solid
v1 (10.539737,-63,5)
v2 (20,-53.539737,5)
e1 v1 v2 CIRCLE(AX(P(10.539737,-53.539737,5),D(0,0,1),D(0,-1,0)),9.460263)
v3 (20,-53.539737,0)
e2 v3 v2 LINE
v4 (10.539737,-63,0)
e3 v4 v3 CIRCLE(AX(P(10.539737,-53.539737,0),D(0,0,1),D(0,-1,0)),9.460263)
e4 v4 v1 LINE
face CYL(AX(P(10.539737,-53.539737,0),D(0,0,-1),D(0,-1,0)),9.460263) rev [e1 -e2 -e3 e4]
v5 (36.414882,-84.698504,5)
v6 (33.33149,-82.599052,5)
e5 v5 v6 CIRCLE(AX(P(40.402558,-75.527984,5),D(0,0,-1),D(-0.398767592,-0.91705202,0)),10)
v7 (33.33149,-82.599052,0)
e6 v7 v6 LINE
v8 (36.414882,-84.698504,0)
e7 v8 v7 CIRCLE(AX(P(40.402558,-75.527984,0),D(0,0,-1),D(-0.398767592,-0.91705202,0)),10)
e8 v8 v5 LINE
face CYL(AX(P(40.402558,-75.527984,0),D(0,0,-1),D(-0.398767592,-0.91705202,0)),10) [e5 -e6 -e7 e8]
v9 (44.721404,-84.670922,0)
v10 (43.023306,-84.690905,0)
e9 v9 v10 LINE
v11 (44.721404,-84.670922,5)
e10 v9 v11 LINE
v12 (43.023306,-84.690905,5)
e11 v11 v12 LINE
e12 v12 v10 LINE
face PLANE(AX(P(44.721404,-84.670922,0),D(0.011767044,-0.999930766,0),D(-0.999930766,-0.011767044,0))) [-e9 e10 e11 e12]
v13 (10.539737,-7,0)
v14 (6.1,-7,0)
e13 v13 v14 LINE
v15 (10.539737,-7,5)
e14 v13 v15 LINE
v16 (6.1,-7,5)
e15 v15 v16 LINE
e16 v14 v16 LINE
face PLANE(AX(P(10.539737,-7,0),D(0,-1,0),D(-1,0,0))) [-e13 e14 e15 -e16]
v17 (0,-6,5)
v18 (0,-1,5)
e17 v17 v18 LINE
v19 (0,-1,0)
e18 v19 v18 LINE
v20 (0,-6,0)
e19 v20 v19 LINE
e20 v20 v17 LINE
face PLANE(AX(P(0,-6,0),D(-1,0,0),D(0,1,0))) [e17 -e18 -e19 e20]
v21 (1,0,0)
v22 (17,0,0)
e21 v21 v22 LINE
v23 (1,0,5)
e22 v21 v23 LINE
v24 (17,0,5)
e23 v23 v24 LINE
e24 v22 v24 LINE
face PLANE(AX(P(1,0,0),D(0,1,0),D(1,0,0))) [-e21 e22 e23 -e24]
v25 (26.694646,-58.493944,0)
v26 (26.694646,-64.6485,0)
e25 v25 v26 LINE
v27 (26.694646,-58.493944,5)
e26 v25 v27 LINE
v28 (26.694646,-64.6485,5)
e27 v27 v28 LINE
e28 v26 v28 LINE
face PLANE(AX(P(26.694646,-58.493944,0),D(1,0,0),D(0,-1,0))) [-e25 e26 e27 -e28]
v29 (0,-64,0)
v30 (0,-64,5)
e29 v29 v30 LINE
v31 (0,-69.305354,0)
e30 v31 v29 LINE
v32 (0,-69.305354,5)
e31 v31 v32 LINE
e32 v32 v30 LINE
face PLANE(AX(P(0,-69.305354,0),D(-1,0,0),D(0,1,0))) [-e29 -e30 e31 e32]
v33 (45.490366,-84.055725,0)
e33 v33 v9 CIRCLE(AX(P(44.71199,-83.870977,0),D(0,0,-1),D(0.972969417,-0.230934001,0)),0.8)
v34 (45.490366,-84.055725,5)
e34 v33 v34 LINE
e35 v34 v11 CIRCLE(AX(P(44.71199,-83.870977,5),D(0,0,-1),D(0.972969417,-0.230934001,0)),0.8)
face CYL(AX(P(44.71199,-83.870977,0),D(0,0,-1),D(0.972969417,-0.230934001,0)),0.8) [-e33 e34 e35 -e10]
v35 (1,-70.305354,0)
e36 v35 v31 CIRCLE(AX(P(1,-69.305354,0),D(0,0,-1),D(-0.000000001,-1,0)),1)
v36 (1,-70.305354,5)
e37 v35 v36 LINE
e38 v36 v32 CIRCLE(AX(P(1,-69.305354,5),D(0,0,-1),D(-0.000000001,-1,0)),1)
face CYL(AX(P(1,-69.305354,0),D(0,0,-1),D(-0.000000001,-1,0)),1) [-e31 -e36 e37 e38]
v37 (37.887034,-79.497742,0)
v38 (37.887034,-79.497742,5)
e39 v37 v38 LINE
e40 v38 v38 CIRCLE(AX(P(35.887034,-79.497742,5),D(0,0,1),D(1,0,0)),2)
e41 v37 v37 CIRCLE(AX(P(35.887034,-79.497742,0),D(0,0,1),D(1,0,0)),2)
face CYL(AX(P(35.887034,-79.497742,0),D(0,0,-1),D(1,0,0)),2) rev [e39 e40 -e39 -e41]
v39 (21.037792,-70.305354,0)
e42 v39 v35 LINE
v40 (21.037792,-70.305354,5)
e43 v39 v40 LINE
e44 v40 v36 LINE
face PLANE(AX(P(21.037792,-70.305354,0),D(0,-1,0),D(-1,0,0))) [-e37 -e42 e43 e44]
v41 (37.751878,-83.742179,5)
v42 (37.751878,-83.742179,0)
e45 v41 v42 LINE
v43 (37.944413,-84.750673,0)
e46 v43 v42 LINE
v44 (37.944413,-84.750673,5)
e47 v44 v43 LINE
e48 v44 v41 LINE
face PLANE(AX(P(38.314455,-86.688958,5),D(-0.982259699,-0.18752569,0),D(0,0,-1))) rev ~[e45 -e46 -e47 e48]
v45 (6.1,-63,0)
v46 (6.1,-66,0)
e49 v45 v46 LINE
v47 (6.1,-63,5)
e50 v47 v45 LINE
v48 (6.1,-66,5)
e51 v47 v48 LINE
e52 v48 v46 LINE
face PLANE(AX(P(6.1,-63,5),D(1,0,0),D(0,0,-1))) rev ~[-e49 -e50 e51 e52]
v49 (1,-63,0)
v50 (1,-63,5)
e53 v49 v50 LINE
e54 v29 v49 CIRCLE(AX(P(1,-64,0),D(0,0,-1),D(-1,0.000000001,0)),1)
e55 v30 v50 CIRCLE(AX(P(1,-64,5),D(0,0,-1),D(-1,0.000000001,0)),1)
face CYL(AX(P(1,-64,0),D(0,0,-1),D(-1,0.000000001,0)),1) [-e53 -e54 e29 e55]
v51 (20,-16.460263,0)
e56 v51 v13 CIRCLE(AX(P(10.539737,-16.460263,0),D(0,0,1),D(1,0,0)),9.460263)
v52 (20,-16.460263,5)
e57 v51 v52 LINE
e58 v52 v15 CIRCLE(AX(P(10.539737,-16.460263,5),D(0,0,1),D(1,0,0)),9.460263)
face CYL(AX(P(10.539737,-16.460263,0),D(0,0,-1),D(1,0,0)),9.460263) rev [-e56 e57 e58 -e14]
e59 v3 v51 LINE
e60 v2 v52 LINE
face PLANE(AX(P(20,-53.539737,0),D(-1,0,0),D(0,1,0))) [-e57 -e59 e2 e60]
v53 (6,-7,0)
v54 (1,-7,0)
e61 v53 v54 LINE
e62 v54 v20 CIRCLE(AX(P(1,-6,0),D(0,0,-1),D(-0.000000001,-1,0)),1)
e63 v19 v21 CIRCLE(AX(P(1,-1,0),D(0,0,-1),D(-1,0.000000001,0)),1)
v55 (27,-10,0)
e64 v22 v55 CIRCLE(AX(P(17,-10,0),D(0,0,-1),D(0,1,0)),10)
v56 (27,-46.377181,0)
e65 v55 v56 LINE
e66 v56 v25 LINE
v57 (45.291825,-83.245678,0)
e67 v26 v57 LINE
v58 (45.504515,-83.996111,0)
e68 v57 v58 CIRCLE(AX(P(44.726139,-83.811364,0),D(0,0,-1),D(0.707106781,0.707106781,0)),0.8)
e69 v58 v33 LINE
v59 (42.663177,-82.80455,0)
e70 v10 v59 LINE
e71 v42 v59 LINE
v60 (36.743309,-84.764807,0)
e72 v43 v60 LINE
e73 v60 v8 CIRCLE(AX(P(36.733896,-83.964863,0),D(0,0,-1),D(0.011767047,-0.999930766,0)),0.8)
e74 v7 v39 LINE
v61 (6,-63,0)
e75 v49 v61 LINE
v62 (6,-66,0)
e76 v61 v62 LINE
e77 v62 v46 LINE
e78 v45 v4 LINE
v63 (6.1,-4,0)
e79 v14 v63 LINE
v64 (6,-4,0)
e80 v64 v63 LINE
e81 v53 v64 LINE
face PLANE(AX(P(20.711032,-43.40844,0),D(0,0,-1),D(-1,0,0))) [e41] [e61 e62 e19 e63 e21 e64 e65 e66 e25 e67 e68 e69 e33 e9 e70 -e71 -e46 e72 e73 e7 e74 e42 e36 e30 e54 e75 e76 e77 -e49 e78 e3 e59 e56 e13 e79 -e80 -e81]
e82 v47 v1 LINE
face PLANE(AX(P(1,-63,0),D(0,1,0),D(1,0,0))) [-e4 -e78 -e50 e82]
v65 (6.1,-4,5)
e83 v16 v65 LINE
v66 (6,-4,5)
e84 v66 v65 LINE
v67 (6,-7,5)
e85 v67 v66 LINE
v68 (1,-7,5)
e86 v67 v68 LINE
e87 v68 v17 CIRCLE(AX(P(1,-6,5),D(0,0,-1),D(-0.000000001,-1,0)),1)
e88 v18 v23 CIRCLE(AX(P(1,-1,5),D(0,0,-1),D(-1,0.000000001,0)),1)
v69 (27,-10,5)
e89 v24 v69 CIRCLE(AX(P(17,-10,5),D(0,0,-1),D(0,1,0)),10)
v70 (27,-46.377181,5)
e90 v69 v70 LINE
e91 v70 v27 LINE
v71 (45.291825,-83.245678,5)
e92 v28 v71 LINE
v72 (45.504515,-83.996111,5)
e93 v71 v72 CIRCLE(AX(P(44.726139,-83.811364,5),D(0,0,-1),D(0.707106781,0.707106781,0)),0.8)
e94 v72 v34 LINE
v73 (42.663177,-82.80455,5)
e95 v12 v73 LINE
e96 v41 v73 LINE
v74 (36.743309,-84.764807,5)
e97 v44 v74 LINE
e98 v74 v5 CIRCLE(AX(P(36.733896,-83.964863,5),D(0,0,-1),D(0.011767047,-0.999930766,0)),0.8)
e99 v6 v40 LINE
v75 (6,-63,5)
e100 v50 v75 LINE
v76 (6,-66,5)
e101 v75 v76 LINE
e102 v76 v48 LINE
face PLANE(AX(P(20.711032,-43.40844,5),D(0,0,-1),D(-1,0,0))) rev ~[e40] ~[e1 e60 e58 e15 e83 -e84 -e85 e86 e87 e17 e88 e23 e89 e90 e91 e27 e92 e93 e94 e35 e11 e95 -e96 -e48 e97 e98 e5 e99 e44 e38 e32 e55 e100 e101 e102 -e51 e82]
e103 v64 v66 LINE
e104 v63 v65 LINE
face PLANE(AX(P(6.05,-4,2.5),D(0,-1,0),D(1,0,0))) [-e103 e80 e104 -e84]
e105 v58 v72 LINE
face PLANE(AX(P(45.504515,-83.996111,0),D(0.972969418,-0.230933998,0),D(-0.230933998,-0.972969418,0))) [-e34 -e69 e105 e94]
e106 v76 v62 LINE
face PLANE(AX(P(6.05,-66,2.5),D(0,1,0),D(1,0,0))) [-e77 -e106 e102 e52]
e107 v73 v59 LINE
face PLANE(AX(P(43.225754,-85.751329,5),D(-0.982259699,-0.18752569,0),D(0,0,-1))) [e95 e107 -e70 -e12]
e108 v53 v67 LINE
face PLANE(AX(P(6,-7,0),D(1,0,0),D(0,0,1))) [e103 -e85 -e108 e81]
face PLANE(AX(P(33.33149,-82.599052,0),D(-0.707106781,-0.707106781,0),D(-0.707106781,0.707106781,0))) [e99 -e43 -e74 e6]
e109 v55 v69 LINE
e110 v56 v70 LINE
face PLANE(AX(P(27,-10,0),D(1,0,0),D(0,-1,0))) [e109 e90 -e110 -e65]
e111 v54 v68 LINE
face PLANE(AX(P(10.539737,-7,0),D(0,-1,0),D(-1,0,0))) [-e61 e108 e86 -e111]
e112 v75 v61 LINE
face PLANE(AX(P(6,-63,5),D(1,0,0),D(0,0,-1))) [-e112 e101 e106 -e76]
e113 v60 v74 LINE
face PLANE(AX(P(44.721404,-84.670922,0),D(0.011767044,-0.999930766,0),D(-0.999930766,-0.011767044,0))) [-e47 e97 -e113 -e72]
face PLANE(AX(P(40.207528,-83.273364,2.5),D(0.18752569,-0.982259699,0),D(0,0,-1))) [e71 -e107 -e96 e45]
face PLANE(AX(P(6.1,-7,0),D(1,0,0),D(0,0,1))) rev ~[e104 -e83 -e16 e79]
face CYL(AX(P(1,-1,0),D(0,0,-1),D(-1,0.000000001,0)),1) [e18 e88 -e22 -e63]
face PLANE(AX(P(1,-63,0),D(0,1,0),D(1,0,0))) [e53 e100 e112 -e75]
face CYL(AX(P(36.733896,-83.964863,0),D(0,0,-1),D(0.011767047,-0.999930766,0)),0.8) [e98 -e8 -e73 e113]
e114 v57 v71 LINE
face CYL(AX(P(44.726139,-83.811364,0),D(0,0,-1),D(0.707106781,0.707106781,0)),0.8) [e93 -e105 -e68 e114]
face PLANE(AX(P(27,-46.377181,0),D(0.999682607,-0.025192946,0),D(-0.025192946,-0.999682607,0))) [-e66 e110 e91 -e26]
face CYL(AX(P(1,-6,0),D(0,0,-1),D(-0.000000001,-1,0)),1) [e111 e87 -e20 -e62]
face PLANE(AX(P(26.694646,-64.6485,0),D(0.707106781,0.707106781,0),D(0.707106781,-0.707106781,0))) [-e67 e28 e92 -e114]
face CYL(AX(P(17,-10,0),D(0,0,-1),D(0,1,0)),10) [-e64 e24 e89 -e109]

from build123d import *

# Parameters (mm, degrees)
SKETCH1_R           = 2
BOSS_EXTRUDE1_DEPTH = 5
SKETCH2_W           = 0.1
SKETCH2_H           = 5
CUT_EXTRUDE1_DEPTH  = 3
SKETCH3_W           = 0.1
SKETCH3_H           = 5
CUT_EXTRUDE2_DEPTH  = 3
SKETCH5_W           = 5
SKETCH5_H           = 5
CUT_EXTRUDE3_DEPTH  = 3


with BuildPart() as part:
    # Sketch1 → Boss-Extrude1 (new body)
    with BuildSketch(Plane.XY):
        with BuildLine():
            Line((1, 0), (17, 0))
            ThreePointArc((17, 0), (24.071067812, -2.928932188), (27, -10))
            Line((27, -10), (27, -10.164726931))
            Line((27, -10.164726931), (27, -46.377180563))
            Line((27, -46.377180563), (26.694646109, -58.493944172))
            Line((26.694646109, -58.493944172), (26.694646109, -64.399649032))
            Line((26.694646109, -64.399649032), (26.694646109, -64.648499642))
            Line((26.694646109, -64.648499642), (45.291824906, -83.245678439))
            ThreePointArc((45.291824906, -83.245678439), (45.495822693, -83.59321769), (45.504515015, -83.996111065))
            Line((45.504515015, -83.996111065), (45.490365745, -84.055724665))
            ThreePointArc((45.490365745, -84.055724665), (45.211760066, -84.495661458), (44.721403846, -84.670922077))
            Line((44.721403846, -84.670922077), (36.743309345, -84.764807165))
            ThreePointArc((36.743309345, -84.764807165), (36.575585477, -84.749042296), (36.414881636, -84.698504168))
            ThreePointArc((36.414881636, -84.698504168), (34.774424803, -83.79382462), (33.33148975, -82.599051781))
            Line((33.33148975, -82.599051781), (21.037791859, -70.305353891))
            Line((21.037791859, -70.305353891), (16.801941123, -70.305353891))
            Line((16.801941123, -70.305353891), (1, -70.305353891))
            ThreePointArc((1, -70.305353891), (0.292893219, -70.012460672), (0, -69.305353891))
            Line((0, -69.305353891), (0, -64))
            ThreePointArc((0, -64), (0.292893219, -63.292893219), (1, -63))
            Line((1, -63), (10.539737479, -63))
            ThreePointArc((10.539737479, -63), (17.229153259, -60.229153259), (20, -53.539737479))
            Line((20, -53.539737479), (20, -16.460262521))
            ThreePointArc((20, -16.460262521), (17.229153259, -9.770846741), (10.539737479, -7))
            Line((10.539737479, -7), (1, -7))
            ThreePointArc((1, -7), (0.292893219, -6.707106781), (0, -6))
            Line((0, -6), (0, -1))
            ThreePointArc((0, -1), (0.292893219, -0.292893219), (1, 0))
        make_face()
        with Locations((35.887034264, -79.497742046)):
            Circle(SKETCH1_R, mode=Mode.SUBTRACT)
    extrude(amount=BOSS_EXTRUDE1_DEPTH)

    # Sketch2 → Cut-Extrude1 (cut)
    with BuildSketch(Plane(origin=(0, -63, 0), x_dir=(1, 0, 0), z_dir=(0, 1, 0))):
        with Locations((6.05, -2.5)):
            Rectangle(SKETCH2_W, SKETCH2_H)
    extrude(amount=-CUT_EXTRUDE1_DEPTH, mode=Mode.SUBTRACT)

    # Sketch3 → Cut-Extrude2 (cut)
    with BuildSketch(Plane.XZ.offset(7)):
        with Locations((6.05, 2.5)):
            Rectangle(SKETCH3_W, SKETCH3_H)
    extrude(amount=-CUT_EXTRUDE2_DEPTH, mode=Mode.SUBTRACT)

    # Sketch5 → Cut-Extrude3 (cut)
    with BuildSketch(Plane(origin=(17.315374744, -90.697945443, 0), x_dir=(0, 0, -1), z_dir=(0.18752569, -0.982259699, 0))):
        with Locations((-2.5, 23.878338891)):
            Rectangle(SKETCH5_W, SKETCH5_H)
    extrude(amount=-CUT_EXTRUDE3_DEPTH, mode=Mode.SUBTRACT)


solid = part.part
